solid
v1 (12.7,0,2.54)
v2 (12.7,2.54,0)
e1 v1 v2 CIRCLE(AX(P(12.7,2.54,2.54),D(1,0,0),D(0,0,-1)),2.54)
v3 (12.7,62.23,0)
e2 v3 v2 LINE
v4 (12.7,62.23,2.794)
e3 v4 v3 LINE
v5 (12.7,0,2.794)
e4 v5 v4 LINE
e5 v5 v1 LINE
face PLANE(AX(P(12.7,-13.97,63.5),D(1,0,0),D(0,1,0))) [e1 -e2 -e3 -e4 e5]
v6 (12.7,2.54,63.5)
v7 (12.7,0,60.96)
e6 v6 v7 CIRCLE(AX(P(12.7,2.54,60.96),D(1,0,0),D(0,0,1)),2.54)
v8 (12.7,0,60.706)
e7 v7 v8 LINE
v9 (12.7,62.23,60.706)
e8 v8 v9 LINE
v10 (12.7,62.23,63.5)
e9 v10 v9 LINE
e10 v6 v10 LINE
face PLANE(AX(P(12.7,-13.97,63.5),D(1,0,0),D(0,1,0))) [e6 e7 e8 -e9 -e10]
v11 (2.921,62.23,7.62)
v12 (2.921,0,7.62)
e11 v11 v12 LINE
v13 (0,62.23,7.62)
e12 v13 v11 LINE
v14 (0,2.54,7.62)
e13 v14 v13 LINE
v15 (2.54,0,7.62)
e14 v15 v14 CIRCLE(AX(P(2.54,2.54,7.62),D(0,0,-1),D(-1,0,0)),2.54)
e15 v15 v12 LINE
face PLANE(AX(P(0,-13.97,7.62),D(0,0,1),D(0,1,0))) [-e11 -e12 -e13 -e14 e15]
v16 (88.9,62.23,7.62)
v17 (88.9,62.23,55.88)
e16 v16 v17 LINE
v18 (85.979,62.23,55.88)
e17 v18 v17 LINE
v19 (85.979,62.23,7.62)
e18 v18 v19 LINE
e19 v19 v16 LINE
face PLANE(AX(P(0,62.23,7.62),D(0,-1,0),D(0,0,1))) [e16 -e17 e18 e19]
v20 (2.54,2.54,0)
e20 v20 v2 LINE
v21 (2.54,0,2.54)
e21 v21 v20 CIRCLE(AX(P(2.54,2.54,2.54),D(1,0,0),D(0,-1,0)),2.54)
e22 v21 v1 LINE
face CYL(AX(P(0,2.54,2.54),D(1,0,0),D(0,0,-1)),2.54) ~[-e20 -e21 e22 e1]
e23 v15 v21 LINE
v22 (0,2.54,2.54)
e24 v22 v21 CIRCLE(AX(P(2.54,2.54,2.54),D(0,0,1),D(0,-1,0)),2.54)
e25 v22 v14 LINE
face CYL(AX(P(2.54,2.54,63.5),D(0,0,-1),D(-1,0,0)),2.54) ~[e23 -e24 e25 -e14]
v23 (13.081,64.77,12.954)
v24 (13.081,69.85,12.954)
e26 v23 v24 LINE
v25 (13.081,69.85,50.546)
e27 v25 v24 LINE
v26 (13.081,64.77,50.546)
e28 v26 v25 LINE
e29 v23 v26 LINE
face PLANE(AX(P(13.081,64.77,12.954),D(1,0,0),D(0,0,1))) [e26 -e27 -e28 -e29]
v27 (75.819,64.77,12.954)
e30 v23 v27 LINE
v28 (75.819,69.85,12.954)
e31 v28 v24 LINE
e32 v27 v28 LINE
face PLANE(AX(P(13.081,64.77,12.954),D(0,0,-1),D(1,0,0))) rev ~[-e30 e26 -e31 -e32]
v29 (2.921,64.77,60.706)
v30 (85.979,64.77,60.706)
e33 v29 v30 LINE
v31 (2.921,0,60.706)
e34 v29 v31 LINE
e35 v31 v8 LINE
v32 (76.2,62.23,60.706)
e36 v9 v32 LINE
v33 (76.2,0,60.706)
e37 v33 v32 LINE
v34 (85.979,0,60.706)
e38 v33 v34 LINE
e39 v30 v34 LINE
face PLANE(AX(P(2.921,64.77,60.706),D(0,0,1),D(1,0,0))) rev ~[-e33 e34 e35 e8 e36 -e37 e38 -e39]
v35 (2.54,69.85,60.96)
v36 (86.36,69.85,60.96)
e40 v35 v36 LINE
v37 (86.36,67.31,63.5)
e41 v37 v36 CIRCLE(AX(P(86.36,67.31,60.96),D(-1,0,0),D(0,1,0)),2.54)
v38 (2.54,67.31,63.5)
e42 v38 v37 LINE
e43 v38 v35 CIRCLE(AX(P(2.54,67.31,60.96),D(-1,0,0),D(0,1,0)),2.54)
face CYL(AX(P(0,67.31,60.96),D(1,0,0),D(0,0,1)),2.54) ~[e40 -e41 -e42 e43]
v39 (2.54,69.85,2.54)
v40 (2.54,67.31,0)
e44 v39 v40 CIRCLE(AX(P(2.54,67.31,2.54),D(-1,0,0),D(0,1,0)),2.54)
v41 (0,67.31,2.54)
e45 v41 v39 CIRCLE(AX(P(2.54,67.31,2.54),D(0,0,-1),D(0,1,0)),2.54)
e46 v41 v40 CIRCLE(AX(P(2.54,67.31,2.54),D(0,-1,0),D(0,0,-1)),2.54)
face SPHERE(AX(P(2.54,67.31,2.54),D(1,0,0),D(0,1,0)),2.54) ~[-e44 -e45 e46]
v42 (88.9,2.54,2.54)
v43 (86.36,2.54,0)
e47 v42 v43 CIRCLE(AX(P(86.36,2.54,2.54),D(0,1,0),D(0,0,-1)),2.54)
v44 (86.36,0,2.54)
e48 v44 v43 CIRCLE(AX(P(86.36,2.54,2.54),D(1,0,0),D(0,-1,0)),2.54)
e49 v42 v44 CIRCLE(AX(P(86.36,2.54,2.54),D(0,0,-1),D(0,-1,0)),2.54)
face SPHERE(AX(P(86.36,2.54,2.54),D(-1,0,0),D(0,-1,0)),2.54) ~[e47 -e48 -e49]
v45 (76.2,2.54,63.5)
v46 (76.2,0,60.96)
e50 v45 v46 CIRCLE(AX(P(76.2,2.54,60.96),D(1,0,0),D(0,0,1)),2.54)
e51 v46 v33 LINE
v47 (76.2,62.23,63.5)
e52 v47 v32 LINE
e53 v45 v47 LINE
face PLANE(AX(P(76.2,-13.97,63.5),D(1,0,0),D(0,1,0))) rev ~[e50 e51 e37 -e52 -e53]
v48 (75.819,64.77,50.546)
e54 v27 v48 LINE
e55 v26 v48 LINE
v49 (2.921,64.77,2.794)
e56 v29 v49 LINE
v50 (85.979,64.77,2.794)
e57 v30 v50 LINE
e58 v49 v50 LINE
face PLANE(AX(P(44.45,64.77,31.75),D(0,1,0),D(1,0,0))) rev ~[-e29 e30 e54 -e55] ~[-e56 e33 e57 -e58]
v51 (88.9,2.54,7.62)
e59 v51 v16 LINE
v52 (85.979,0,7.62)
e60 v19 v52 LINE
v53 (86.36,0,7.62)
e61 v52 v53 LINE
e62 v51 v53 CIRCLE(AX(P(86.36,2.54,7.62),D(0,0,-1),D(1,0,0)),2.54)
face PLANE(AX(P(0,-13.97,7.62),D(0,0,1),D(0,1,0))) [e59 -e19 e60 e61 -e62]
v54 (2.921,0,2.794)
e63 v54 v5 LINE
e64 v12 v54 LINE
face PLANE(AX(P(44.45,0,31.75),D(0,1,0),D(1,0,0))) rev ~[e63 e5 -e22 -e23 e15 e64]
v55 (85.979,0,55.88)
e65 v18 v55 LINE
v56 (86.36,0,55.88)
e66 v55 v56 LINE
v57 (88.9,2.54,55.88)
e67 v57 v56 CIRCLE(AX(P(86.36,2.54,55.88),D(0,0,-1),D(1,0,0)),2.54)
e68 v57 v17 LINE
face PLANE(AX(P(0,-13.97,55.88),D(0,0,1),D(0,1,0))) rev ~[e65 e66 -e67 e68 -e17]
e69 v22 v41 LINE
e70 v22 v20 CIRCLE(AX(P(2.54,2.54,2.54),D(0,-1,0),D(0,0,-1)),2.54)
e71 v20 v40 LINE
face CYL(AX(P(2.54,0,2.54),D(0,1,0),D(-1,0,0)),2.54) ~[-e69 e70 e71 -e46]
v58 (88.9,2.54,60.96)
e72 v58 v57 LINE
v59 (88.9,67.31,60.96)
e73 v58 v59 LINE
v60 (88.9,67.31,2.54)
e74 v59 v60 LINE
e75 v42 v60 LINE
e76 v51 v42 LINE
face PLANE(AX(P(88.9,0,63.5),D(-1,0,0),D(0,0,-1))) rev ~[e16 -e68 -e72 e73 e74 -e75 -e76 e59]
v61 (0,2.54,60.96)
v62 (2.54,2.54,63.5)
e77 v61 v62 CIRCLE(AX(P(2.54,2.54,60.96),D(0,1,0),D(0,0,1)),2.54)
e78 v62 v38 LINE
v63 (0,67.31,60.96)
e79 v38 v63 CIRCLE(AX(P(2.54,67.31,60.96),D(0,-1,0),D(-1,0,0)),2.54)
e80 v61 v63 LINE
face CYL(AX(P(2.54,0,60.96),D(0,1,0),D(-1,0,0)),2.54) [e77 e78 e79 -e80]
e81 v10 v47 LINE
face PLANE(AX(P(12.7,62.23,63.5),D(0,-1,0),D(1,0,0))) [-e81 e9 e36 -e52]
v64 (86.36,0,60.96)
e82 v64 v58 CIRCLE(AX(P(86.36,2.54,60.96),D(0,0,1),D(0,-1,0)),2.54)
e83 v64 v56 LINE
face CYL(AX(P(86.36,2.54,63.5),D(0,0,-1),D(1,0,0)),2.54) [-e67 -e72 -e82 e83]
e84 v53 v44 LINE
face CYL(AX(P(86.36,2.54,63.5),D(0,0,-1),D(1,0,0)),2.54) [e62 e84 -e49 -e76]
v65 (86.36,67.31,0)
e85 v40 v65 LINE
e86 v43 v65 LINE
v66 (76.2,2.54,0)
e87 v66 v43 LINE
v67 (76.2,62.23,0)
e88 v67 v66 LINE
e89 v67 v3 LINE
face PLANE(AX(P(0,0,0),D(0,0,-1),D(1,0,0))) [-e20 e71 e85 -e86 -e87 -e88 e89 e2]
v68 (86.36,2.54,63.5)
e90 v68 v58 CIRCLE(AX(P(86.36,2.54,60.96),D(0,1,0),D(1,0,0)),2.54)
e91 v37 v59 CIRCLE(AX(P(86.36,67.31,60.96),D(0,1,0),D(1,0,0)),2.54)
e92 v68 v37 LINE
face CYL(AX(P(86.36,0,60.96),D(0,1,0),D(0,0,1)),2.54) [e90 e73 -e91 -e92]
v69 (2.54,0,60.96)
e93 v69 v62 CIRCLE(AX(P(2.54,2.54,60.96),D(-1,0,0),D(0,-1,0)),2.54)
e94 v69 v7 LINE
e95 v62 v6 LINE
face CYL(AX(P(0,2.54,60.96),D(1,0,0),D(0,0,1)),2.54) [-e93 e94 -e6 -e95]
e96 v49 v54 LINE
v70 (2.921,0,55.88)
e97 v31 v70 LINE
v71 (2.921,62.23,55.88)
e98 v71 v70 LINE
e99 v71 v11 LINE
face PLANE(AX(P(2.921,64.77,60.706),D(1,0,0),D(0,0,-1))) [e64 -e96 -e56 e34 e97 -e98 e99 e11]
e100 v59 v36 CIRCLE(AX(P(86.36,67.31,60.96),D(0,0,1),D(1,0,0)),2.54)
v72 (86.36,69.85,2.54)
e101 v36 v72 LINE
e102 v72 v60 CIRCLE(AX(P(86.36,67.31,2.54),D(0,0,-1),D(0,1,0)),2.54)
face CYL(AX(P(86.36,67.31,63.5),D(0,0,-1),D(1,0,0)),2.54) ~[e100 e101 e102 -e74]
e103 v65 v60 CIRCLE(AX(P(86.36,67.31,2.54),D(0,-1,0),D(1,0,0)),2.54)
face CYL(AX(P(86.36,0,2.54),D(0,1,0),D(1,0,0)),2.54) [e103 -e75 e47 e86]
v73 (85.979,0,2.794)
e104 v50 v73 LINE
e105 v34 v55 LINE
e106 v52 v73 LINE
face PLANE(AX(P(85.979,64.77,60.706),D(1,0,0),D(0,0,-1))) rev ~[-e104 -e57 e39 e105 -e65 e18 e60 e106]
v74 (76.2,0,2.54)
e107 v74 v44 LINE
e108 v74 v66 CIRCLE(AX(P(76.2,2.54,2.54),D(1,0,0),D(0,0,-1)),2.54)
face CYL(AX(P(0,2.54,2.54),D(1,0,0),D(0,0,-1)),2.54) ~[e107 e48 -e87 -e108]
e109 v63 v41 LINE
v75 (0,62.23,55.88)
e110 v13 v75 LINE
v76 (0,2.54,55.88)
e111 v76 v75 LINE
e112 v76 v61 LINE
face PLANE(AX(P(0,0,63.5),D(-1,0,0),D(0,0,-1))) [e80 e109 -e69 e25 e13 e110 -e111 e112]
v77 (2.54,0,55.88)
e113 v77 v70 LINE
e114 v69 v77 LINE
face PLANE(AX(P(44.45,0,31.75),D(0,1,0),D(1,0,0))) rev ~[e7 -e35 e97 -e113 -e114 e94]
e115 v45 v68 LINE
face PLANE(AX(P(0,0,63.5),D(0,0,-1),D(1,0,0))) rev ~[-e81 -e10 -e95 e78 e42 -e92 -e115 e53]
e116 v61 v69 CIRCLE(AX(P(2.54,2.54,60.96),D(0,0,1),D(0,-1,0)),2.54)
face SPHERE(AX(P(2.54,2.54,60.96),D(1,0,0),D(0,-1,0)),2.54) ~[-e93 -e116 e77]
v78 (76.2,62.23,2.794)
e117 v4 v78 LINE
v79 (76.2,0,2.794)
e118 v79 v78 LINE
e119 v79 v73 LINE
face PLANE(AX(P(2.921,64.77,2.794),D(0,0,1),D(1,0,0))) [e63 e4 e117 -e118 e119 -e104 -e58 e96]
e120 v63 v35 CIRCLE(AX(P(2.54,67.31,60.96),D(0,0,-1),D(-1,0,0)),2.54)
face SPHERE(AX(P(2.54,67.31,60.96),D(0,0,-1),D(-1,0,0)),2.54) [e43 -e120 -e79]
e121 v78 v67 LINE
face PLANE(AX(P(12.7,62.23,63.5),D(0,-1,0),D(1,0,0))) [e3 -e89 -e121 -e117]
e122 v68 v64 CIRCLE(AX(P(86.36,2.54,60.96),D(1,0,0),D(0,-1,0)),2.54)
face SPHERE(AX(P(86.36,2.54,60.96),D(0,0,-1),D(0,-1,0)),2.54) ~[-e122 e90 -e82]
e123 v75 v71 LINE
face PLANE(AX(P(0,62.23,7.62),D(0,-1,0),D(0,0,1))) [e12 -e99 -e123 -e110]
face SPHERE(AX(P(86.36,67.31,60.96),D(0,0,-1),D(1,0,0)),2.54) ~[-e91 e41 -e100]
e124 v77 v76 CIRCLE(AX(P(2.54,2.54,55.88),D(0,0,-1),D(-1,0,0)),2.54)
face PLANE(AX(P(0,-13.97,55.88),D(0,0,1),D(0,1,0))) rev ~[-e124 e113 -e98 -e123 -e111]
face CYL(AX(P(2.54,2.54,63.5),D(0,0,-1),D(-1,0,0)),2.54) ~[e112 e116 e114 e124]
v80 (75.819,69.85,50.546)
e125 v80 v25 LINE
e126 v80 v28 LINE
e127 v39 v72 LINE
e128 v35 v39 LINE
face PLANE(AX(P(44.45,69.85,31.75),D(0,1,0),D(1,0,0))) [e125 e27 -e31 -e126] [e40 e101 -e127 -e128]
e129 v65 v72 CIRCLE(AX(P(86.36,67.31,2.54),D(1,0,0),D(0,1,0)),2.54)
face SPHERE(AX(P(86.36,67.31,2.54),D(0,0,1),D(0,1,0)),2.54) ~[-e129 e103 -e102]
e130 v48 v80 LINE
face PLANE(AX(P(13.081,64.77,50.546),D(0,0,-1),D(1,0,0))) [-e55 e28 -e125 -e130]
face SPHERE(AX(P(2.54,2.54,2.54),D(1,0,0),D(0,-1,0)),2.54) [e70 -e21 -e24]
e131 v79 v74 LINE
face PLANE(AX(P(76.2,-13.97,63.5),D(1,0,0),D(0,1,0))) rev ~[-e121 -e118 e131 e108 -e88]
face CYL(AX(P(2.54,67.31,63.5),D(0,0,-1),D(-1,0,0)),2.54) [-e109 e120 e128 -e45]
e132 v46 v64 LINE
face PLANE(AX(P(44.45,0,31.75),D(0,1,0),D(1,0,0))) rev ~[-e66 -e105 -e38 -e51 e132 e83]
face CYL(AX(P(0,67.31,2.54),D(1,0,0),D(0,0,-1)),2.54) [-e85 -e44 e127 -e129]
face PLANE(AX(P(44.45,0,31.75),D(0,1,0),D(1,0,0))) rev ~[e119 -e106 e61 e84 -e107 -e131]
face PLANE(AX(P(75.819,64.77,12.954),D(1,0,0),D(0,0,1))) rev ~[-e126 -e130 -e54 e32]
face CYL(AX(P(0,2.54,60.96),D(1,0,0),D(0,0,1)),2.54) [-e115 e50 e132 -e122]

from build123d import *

# Parameters (mm, degrees)
SKETCH1_W               = 88.9
SKETCH1_H               = 63.5
BOSS_EXTRUDE2_DEPTH     = 69.85
FILLET2_R               = 2.54
CUT_EXTRUDE1_START      = -5.08
SKETCH3_W               = 83.058
SKETCH3_H               = 57.912
CUT_EXTRUDE1_DEPTH      = 65.77
SKETCH5_W               = 63.5
SKETCH5_H               = 76.2
CUT_EXTRUDE3_DEPTH      = 1
CUT_EXTRUDE3_DEPTH_BACK = 64.5
SKETCH6_W               = 48.26
SKETCH6_H               = 76.2
CUT_EXTRUDE4_DEPTH      = 1
CUT_EXTRUDE4_DEPTH_BACK = 89.9
SKETCH7_W               = 62.738
SKETCH7_H               = 37.592
CUT_EXTRUDE5_DEPTH      = 6.08


with BuildPart() as part:
    # Sketch1 → Boss-Extrude2 (new body)
    with BuildSketch(Plane(origin=(0, 0, 0), x_dir=(1, 0, 0), z_dir=(0, 1, 0))):
        with Locations((44.45, -31.75)):
            Rectangle(SKETCH1_W, SKETCH1_H)
    extrude(amount=BOSS_EXTRUDE2_DEPTH)

    # Fillet2
    fillet2_edges = [part.edges().sort_by_distance(p)[0] for p in [
        (88.9, 69.85, 31.75),
        (44.45, 69.85, 0),
        (0, 69.85, 31.75),
        (44.45, 0, 0),
        (88.9, 0, 31.75),
        (44.45, 0, 63.5),
        (0, 0, 31.75),
        (0, 34.925, 0),
        (88.9, 34.925, 0),
        (88.9, 34.925, 63.5),
        (0, 34.925, 63.5),
        (44.45, 69.85, 63.5),
    ]]
    fillet(fillet2_edges, radius=FILLET2_R)

    # Sketch3 → Cut-Extrude1 (cut, through all)
    with BuildSketch(Plane(origin=(0, 69.85, 0), x_dir=(1, 0, 0), z_dir=(0, 1, 0)).offset(CUT_EXTRUDE1_START)):
        with Locations((44.45, -31.75)):
            Rectangle(SKETCH3_W, SKETCH3_H)
    extrude(amount=-CUT_EXTRUDE1_DEPTH, mode=Mode.SUBTRACT)

    # Sketch5 → Cut-Extrude3 (cut, two sides)
    with BuildSketch(Plane.XY.offset(63.5)) as cut_extrude3_sk:
        with Locations((44.45, 24.13)):
            Rectangle(SKETCH5_W, SKETCH5_H)
    extrude(amount=CUT_EXTRUDE3_DEPTH, mode=Mode.SUBTRACT)
    extrude(cut_extrude3_sk.sketch, amount=-CUT_EXTRUDE3_DEPTH_BACK, mode=Mode.SUBTRACT)

    # Sketch6 → Cut-Extrude4 (cut, two sides)
    with BuildSketch(Plane.ZY) as cut_extrude4_sk:
        with Locations((31.75, 24.13)):
            Rectangle(SKETCH6_W, SKETCH6_H)
    extrude(amount=CUT_EXTRUDE4_DEPTH, mode=Mode.SUBTRACT)
    extrude(cut_extrude4_sk.sketch, amount=-CUT_EXTRUDE4_DEPTH_BACK, mode=Mode.SUBTRACT)

    # Sketch7 → Cut-Extrude5 (cut, through all)
    with BuildSketch(Plane.XZ.offset(-64.77)):
        with Locations((44.45, 31.75)):
            Rectangle(SKETCH7_W, SKETCH7_H)
    extrude(amount=-CUT_EXTRUDE5_DEPTH, mode=Mode.SUBTRACT)


solid = part.part
